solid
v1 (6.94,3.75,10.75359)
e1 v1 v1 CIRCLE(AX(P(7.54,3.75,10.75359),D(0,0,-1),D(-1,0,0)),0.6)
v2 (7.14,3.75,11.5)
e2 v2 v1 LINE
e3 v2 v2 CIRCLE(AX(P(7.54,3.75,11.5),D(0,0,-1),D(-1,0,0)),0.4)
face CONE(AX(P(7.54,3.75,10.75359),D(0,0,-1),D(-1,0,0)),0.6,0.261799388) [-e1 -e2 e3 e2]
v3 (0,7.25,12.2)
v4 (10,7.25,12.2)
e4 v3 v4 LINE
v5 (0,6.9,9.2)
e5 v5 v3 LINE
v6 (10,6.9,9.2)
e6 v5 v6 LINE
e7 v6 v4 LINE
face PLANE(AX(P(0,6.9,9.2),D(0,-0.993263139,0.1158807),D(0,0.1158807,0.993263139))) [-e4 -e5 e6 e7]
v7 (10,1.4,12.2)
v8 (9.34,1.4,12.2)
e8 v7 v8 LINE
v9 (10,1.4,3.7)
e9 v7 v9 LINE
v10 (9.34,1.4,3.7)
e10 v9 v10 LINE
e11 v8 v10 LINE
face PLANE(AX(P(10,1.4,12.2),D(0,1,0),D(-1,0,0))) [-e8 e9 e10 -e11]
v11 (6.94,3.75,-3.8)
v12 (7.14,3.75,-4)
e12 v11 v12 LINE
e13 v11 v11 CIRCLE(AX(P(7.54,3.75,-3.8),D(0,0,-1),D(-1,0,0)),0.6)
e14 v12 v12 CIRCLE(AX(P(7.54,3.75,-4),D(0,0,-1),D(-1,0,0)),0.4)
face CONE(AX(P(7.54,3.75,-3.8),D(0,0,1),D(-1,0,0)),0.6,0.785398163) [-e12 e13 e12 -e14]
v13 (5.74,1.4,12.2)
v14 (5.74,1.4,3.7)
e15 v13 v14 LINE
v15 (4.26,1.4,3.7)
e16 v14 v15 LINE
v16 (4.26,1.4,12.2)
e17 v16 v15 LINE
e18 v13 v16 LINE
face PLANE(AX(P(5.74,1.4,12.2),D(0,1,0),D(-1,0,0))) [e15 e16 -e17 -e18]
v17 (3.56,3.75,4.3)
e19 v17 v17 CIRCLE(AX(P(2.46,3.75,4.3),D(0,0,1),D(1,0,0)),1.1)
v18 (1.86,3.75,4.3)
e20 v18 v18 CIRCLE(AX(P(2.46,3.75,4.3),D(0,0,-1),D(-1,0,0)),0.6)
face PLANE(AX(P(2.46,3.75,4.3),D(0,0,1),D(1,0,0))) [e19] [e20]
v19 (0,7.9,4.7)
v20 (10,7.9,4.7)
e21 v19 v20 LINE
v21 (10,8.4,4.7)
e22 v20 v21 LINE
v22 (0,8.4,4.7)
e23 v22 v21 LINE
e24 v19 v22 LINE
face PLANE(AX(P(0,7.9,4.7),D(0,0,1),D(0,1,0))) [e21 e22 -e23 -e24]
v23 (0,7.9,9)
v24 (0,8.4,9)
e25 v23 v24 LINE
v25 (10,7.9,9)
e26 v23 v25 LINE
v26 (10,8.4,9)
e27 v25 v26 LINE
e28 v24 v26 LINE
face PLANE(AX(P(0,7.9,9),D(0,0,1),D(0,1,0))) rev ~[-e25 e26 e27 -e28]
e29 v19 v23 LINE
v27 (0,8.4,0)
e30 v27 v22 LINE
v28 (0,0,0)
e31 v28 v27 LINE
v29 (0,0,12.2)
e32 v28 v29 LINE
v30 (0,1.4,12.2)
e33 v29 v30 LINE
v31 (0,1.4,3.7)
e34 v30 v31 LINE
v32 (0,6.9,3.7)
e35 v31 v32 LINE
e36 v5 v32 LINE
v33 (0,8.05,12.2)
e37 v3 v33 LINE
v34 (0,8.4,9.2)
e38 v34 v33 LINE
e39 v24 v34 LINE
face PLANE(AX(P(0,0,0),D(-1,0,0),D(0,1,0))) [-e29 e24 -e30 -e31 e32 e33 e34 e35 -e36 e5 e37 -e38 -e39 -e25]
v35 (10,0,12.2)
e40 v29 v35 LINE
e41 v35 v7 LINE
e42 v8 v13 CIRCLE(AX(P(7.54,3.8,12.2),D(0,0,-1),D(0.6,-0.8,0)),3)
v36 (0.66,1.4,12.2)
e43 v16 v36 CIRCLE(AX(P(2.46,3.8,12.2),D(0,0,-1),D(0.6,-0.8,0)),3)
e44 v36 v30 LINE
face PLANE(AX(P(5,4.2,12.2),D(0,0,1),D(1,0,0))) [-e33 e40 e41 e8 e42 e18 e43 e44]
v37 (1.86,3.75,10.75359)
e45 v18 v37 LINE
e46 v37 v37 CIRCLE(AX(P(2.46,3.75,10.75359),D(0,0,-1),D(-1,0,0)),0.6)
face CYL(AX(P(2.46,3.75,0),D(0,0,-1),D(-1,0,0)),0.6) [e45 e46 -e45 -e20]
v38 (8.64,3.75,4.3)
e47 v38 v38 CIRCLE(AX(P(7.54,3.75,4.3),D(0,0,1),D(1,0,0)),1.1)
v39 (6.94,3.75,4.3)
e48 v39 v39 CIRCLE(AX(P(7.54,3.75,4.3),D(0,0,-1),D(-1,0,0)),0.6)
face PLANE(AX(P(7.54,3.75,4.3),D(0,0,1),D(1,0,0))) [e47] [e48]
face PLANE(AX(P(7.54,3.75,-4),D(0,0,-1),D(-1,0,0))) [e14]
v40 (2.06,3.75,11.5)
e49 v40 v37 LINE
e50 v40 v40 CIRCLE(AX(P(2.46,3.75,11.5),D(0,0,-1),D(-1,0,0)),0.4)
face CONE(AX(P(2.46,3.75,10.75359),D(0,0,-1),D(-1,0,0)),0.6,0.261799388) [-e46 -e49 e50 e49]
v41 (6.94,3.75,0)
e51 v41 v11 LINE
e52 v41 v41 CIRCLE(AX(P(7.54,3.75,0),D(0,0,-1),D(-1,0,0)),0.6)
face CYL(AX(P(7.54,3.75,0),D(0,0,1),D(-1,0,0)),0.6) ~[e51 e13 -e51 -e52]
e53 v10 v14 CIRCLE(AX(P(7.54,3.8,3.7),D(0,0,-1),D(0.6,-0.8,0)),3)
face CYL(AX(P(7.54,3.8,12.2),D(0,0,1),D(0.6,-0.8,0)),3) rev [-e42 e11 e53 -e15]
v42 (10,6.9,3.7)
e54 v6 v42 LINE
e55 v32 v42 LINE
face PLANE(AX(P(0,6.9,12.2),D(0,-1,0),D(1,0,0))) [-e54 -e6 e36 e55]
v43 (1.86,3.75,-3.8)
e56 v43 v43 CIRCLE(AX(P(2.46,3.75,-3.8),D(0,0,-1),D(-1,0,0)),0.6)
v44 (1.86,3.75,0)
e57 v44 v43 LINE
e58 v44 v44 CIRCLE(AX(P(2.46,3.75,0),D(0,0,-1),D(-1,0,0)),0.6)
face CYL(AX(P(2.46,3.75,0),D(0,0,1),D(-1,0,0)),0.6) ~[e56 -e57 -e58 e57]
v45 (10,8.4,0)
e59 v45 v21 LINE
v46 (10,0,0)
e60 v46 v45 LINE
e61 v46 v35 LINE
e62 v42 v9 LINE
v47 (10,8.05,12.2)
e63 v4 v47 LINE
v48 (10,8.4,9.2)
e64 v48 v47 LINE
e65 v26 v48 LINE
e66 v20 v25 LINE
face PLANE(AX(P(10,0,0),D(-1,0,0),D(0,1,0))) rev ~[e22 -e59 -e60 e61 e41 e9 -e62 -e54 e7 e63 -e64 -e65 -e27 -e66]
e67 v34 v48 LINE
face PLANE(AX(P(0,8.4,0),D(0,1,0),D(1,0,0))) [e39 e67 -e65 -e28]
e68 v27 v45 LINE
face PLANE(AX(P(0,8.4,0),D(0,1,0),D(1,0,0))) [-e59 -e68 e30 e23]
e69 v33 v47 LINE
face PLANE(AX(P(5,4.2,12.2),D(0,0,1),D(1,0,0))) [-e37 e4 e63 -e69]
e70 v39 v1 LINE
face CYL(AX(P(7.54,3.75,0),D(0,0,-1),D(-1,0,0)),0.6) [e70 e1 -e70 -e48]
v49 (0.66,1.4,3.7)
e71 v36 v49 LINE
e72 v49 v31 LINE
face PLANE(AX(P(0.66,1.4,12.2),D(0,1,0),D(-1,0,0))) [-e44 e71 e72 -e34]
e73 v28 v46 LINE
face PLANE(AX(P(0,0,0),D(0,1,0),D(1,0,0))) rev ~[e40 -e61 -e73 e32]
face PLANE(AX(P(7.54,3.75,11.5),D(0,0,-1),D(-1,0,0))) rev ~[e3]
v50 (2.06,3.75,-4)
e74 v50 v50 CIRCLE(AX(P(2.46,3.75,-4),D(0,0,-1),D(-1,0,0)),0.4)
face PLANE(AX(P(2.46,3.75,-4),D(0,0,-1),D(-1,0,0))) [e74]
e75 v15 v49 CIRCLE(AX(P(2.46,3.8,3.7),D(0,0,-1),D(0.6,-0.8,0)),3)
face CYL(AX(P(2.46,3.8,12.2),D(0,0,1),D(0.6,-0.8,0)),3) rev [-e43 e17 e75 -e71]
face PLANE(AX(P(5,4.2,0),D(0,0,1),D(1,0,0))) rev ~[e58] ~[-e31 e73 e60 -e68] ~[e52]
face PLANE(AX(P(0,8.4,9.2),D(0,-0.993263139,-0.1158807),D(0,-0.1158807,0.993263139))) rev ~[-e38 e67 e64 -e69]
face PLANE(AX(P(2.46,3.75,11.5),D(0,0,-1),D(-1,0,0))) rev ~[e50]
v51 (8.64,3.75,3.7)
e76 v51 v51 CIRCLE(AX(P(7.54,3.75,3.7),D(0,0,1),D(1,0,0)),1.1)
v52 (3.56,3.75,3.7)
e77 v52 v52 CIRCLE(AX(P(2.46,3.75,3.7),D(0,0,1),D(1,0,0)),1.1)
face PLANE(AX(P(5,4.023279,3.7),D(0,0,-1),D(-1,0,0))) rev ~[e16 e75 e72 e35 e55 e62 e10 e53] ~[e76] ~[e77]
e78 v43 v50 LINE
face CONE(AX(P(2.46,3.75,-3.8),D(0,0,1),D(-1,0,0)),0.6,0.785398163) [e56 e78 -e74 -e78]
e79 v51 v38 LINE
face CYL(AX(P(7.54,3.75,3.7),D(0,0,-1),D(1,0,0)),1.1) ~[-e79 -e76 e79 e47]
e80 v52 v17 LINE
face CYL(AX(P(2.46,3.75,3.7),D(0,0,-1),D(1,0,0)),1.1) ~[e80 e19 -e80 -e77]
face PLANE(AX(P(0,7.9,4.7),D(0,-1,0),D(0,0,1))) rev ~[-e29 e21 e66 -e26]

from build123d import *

# Parameters (mm, degrees)
ESQUISSE1_W             = 10
ESQUISSE1_H             = 8.4
BOSS_EXTRU_1_DEPTH      = 12.2
ENL_V_MAT_EXTRU_1_DEPTH = 8.5
ESQUISSE3_W             = 4.3
ESQUISSE3_H             = 0.5
ENL_V_MAT_EXTRU_2_DEPTH = 11
ESQUISSE4_R             = 0.6
BOSS_EXTRU_2_DEPTH      = 4
BOSS_EXTRU_2_DEPTH_BACK = 11.5
CHANFREIN1_SIZE         = 0.2
CHANFREIN1_SIZE2        = 0.746410162
CHANFREIN1_PART_2_SIZE  = 0.2
CHANFREIN1_PART_2_SIZE2 = 0.746410162
CHANFREIN2_SIZE         = 0.2
ESQUISSE5_R             = 1.1
BOSS_EXTRU_3_DEPTH      = 0.6


with BuildPart() as part:
    # Esquisse1 → Boss.-Extru.1 (new body)
    with BuildSketch(Plane.XY):
        with Locations((5, 4.2)):
            Rectangle(ESQUISSE1_W, ESQUISSE1_H)
    extrude(amount=BOSS_EXTRU_1_DEPTH)

    # Esquisse2 → Enlèv. mat.-Extru.1 (cut)
    with BuildSketch(Plane.XY.offset(12.2)):
        with BuildLine():
            Line((0, 1.4), (0, 6.9))
            Line((0, 6.9), (10, 6.9))
            Line((10, 6.9), (10, 1.4))
            Line((10, 1.4), (9.34, 1.4))
            ThreePointArc((9.34, 1.4), (7.54, 0.8), (5.74, 1.4))
            Line((5.74, 1.4), (4.26, 1.4))
            ThreePointArc((4.26, 1.4), (2.46, 0.8), (0.66, 1.4))
            Line((0.66, 1.4), (0, 1.4))
        make_face()
    extrude(amount=-ENL_V_MAT_EXTRU_1_DEPTH, mode=Mode.SUBTRACT)

    # Esquisse3 → Enlèv. mat.-Extru.2 (cut, through all)
    with BuildSketch(Plane.ZY):
        with Locations((6.85, 8.15)):
            Rectangle(ESQUISSE3_W, ESQUISSE3_H)
        Polygon((12.2, 8.4), (9.2, 8.4), (12.2, 8.05), align=None)
        Polygon((12.2, 7.25), (12.2, 6.9), (9.2, 6.9), align=None)
    extrude(amount=-ENL_V_MAT_EXTRU_2_DEPTH, mode=Mode.SUBTRACT)

    # Esquisse4 → Boss.-Extru.2 (add, two sides)
    with BuildSketch(Plane(origin=(0, 0, 0), x_dir=(-1, 0, 0), z_dir=(0, 0, -1))) as boss_extru_2_sk:
        with Locations((-7.54, 3.75)):
            Circle(ESQUISSE4_R)
        with Locations((-2.46, 3.75)):
            Circle(ESQUISSE4_R)
    extrude(amount=BOSS_EXTRU_2_DEPTH)
    extrude(boss_extru_2_sk.sketch, amount=-BOSS_EXTRU_2_DEPTH_BACK)

    # Chanfrein1
    chanfrein1_edges = [part.edges().sort_by_distance(p)[0] for p in [
        (8.14, 3.75, 11.5),
    ]]
    chanfrein1_side = [part.faces().sort_by_distance(p)[0] for p in [
        (7.54, 3.75, 11.5),
    ]]
    chamfer(chanfrein1_edges, length=CHANFREIN1_SIZE, length2=CHANFREIN1_SIZE2, reference=chanfrein1_side[0])

    # Chanfrein1 part 2
    chanfrein1_part_2_edges = [part.edges().sort_by_distance(p)[0] for p in [
        (3.06, 3.75, 11.5),
    ]]
    chanfrein1_part_2_side = [part.faces().sort_by_distance(p)[0] for p in [
        (2.46, 3.75, 11.5),
    ]]
    chamfer(chanfrein1_part_2_edges, length=CHANFREIN1_PART_2_SIZE, length2=CHANFREIN1_PART_2_SIZE2, reference=chanfrein1_part_2_side[0])

    # Chanfrein2
    chanfrein2_edges = [part.edges().sort_by_distance(p)[0] for p in [
        (8.14, 3.75, -4),
        (3.06, 3.75, -4),
    ]]
    chamfer(chanfrein2_edges, length=CHANFREIN2_SIZE)

    # Esquisse5 → Boss.-Extru.3 (add)
    with BuildSketch(Plane.XY.offset(3.7)):
        with Locations((2.46, 3.75)):
            Circle(ESQUISSE5_R)
        with Locations((7.54, 3.75)):
            Circle(ESQUISSE5_R)
    extrude(amount=BOSS_EXTRU_3_DEPTH)


solid = part.part
